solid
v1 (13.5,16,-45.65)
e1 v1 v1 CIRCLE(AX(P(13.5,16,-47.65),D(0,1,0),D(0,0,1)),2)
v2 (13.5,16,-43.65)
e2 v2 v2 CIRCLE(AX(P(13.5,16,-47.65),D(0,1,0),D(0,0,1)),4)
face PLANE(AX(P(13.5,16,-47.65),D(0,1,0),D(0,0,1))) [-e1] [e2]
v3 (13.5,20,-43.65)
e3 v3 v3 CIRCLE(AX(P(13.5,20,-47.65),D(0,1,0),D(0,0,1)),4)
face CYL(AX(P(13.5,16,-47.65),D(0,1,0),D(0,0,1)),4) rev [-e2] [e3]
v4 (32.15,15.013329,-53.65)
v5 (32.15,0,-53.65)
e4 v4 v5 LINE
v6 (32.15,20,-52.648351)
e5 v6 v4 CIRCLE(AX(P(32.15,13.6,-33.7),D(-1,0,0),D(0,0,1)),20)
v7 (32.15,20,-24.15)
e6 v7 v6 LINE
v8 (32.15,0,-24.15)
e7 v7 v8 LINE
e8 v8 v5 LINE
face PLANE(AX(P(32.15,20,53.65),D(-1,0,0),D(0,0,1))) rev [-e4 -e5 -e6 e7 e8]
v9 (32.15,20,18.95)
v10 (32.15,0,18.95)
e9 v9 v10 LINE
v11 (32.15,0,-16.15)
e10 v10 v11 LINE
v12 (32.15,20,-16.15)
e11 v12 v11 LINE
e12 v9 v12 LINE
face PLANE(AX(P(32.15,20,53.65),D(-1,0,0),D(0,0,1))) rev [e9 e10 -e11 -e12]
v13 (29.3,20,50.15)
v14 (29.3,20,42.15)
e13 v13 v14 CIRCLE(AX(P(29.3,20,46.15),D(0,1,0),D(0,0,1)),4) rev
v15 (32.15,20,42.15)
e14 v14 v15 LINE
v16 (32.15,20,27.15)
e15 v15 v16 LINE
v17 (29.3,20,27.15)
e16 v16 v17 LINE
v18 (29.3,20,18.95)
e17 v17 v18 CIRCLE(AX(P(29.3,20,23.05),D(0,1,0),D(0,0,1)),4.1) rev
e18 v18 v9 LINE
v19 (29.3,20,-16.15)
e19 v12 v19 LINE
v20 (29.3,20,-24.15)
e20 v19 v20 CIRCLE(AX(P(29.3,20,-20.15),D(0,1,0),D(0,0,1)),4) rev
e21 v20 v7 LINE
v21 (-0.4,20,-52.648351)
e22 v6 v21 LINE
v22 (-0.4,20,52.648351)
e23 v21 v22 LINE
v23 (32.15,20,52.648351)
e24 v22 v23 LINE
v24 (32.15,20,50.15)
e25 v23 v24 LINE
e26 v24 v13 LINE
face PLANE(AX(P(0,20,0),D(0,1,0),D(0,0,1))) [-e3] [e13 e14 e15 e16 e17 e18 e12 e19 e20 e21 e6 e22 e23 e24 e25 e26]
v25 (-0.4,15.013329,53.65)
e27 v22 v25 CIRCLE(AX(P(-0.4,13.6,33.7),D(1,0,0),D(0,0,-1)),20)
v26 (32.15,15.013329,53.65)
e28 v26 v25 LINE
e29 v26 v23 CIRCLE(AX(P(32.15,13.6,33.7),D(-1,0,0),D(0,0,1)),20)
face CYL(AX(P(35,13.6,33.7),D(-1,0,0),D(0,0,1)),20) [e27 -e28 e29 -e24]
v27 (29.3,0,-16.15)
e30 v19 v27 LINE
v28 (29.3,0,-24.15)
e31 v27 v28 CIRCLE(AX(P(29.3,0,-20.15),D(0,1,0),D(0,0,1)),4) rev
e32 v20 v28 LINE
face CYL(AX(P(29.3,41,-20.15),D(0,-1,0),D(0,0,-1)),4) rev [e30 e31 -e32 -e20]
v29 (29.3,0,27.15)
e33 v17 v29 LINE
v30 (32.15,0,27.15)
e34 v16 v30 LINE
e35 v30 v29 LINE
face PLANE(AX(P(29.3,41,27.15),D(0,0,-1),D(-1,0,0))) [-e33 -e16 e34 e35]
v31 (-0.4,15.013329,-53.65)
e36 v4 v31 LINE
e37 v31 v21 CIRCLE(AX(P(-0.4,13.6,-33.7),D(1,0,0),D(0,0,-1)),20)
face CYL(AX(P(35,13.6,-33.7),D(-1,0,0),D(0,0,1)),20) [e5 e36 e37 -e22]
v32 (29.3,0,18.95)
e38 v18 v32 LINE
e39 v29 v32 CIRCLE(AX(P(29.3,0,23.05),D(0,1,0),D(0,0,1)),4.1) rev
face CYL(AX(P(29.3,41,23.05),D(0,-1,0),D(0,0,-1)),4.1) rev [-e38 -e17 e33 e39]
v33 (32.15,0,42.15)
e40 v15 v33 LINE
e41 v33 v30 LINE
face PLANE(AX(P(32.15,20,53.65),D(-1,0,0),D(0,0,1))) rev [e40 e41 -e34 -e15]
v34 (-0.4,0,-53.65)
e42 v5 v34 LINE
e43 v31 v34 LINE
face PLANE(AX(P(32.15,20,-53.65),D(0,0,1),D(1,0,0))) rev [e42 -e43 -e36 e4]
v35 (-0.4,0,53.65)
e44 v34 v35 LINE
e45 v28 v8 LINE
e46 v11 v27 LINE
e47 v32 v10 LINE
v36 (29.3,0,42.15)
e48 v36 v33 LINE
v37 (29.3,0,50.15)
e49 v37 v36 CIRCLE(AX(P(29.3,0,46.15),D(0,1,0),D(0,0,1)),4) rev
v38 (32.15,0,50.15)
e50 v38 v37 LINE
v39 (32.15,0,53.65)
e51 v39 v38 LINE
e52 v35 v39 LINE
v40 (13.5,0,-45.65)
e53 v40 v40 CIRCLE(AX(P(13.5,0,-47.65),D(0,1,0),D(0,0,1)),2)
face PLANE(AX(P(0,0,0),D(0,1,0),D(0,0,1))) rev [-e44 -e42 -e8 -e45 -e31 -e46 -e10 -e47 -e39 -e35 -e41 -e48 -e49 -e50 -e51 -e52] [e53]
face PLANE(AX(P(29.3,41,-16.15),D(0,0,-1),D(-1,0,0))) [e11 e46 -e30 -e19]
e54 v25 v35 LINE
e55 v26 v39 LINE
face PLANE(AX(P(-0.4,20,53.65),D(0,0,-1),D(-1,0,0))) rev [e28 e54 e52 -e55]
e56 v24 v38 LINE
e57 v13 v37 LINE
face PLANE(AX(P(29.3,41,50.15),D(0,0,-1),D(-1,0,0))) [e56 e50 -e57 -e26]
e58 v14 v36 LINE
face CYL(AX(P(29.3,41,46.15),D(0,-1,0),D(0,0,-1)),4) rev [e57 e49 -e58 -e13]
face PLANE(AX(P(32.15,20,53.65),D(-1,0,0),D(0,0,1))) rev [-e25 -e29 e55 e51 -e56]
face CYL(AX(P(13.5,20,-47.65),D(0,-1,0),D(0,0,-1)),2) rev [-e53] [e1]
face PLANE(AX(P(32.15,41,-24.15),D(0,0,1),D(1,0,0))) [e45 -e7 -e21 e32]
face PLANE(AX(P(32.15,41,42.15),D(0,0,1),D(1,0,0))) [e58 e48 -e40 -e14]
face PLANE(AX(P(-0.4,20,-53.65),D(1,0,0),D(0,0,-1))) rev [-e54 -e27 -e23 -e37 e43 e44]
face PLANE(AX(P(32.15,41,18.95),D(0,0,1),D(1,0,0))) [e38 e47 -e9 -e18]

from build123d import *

# Parameters (mm, degrees)
SKETCH1_W               = 32.55
SKETCH1_H               = 107.3
SKETCH1_R               = 2
BOSS_EXTRUDE1_DEPTH     = 20
CUT_EXTRUDE1_DEPTH      = 35
CUT_EXTRUDE1_DEPTH_BACK = 35
CUT_EXTRUDE2_DEPTH      = 35
CUT_EXTRUDE2_DEPTH_BACK = 35
SKETCH4_R               = 4
CUT_EXTRUDE3_DEPTH      = 4
CUT_EXTRUDE4_DEPTH      = 21
CUT_EXTRUDE4_DEPTH_BACK = 21


with BuildPart() as part:
    # Sketch1 → Boss-Extrude1 (new body)
    with BuildSketch(Plane(origin=(0, 0, 0), x_dir=(1, 0, 0), z_dir=(0, 1, 0))):
        with Locations((15.875, 0)):
            Rectangle(SKETCH1_W, SKETCH1_H)
        with Locations((13.5, 47.65)):
            Circle(SKETCH1_R, mode=Mode.SUBTRACT)
    extrude(amount=BOSS_EXTRUDE1_DEPTH)

    # Sketch2 → Cut-Extrude1 (cut, two sides: drawn at the far end of the back side and taken through both)
    with BuildSketch(Plane(origin=(0, 0, 0), x_dir=(0, 0, -1), z_dir=(1, 0, 0)).offset(-CUT_EXTRUDE1_DEPTH_BACK)):
        with BuildLine():
            Line((-53.65, 36.775082183), (-53.65, 15.013329403))
            ThreePointArc((-53.65, 15.013329403), (-47.333294025, 28.233294025), (-33.7, 33.6))
            Line((-33.7, 33.6), (-33.7, 36.775082183))
            Line((-33.7, 36.775082183), (-53.65, 36.775082183))
        make_face()
    extrude(amount=CUT_EXTRUDE1_DEPTH + CUT_EXTRUDE1_DEPTH_BACK, mode=Mode.SUBTRACT)

    # Sketch3 → Cut-Extrude2 (cut, two sides: drawn at the far end of the back side and taken through both)
    with BuildSketch(Plane(origin=(0, 0, 0), x_dir=(0, 0, -1), z_dir=(1, 0, 0)).offset(-CUT_EXTRUDE2_DEPTH_BACK)):
        with BuildLine():
            Line((33.7, 36.775082183), (33.7, 33.6))
            ThreePointArc((33.7, 33.6), (47.333294025, 28.233294025), (53.65, 15.013329403))
            Line((53.65, 15.013329403), (53.65, 36.775082183))
            Line((53.65, 36.775082183), (33.7, 36.775082183))
        make_face()
    extrude(amount=CUT_EXTRUDE2_DEPTH + CUT_EXTRUDE2_DEPTH_BACK, mode=Mode.SUBTRACT)

    # Sketch4 → Cut-Extrude3 (cut)
    with BuildSketch(Plane(origin=(0, 20, 0), x_dir=(1, 0, 0), z_dir=(0, 1, 0))):
        with Locations((13.5, 47.65)):
            Circle(SKETCH4_R)
    extrude(amount=-CUT_EXTRUDE3_DEPTH, mode=Mode.SUBTRACT)

    # Sketch5 → Cut-Extrude4 (cut, two sides: drawn at the far end of the back side and taken through both)
    with BuildSketch(Plane(origin=(0, 20, 0), x_dir=(1, 0, 0), z_dir=(0, 1, 0)).offset(-CUT_EXTRUDE4_DEPTH_BACK)):
        with BuildLine():
            Line((29.3, -27.15), (32.15, -27.15))
            Line((32.15, -27.15), (32.15, -42.15))
            Line((32.15, -42.15), (29.3, -42.15))
            ThreePointArc((29.3, -42.15), (25.3, -46.15), (29.3, -50.15))
            Line((29.3, -50.15), (32.15, -50.15))
            Line((32.15, -50.15), (32.15, -53.65))
            Line((32.15, -53.65), (50, -53.65))
            Line((50, -53.65), (50, 53.65))
            Line((50, 53.65), (32.15, 53.65))
            Line((32.15, 53.65), (32.15, 24.15))
            Line((32.15, 24.15), (29.3, 24.15))
            ThreePointArc((29.3, 24.15), (25.3, 20.15), (29.3, 16.15))
            Line((29.3, 16.15), (32.15, 16.15))
            Line((32.15, 16.15), (32.15, -18.95))
            Line((32.15, -18.95), (29.3, -18.95))
            ThreePointArc((29.3, -18.95), (25.2, -23.05), (29.3, -27.15))
        make_face()
    extrude(amount=CUT_EXTRUDE4_DEPTH + CUT_EXTRUDE4_DEPTH_BACK, mode=Mode.SUBTRACT)


solid = part.part
